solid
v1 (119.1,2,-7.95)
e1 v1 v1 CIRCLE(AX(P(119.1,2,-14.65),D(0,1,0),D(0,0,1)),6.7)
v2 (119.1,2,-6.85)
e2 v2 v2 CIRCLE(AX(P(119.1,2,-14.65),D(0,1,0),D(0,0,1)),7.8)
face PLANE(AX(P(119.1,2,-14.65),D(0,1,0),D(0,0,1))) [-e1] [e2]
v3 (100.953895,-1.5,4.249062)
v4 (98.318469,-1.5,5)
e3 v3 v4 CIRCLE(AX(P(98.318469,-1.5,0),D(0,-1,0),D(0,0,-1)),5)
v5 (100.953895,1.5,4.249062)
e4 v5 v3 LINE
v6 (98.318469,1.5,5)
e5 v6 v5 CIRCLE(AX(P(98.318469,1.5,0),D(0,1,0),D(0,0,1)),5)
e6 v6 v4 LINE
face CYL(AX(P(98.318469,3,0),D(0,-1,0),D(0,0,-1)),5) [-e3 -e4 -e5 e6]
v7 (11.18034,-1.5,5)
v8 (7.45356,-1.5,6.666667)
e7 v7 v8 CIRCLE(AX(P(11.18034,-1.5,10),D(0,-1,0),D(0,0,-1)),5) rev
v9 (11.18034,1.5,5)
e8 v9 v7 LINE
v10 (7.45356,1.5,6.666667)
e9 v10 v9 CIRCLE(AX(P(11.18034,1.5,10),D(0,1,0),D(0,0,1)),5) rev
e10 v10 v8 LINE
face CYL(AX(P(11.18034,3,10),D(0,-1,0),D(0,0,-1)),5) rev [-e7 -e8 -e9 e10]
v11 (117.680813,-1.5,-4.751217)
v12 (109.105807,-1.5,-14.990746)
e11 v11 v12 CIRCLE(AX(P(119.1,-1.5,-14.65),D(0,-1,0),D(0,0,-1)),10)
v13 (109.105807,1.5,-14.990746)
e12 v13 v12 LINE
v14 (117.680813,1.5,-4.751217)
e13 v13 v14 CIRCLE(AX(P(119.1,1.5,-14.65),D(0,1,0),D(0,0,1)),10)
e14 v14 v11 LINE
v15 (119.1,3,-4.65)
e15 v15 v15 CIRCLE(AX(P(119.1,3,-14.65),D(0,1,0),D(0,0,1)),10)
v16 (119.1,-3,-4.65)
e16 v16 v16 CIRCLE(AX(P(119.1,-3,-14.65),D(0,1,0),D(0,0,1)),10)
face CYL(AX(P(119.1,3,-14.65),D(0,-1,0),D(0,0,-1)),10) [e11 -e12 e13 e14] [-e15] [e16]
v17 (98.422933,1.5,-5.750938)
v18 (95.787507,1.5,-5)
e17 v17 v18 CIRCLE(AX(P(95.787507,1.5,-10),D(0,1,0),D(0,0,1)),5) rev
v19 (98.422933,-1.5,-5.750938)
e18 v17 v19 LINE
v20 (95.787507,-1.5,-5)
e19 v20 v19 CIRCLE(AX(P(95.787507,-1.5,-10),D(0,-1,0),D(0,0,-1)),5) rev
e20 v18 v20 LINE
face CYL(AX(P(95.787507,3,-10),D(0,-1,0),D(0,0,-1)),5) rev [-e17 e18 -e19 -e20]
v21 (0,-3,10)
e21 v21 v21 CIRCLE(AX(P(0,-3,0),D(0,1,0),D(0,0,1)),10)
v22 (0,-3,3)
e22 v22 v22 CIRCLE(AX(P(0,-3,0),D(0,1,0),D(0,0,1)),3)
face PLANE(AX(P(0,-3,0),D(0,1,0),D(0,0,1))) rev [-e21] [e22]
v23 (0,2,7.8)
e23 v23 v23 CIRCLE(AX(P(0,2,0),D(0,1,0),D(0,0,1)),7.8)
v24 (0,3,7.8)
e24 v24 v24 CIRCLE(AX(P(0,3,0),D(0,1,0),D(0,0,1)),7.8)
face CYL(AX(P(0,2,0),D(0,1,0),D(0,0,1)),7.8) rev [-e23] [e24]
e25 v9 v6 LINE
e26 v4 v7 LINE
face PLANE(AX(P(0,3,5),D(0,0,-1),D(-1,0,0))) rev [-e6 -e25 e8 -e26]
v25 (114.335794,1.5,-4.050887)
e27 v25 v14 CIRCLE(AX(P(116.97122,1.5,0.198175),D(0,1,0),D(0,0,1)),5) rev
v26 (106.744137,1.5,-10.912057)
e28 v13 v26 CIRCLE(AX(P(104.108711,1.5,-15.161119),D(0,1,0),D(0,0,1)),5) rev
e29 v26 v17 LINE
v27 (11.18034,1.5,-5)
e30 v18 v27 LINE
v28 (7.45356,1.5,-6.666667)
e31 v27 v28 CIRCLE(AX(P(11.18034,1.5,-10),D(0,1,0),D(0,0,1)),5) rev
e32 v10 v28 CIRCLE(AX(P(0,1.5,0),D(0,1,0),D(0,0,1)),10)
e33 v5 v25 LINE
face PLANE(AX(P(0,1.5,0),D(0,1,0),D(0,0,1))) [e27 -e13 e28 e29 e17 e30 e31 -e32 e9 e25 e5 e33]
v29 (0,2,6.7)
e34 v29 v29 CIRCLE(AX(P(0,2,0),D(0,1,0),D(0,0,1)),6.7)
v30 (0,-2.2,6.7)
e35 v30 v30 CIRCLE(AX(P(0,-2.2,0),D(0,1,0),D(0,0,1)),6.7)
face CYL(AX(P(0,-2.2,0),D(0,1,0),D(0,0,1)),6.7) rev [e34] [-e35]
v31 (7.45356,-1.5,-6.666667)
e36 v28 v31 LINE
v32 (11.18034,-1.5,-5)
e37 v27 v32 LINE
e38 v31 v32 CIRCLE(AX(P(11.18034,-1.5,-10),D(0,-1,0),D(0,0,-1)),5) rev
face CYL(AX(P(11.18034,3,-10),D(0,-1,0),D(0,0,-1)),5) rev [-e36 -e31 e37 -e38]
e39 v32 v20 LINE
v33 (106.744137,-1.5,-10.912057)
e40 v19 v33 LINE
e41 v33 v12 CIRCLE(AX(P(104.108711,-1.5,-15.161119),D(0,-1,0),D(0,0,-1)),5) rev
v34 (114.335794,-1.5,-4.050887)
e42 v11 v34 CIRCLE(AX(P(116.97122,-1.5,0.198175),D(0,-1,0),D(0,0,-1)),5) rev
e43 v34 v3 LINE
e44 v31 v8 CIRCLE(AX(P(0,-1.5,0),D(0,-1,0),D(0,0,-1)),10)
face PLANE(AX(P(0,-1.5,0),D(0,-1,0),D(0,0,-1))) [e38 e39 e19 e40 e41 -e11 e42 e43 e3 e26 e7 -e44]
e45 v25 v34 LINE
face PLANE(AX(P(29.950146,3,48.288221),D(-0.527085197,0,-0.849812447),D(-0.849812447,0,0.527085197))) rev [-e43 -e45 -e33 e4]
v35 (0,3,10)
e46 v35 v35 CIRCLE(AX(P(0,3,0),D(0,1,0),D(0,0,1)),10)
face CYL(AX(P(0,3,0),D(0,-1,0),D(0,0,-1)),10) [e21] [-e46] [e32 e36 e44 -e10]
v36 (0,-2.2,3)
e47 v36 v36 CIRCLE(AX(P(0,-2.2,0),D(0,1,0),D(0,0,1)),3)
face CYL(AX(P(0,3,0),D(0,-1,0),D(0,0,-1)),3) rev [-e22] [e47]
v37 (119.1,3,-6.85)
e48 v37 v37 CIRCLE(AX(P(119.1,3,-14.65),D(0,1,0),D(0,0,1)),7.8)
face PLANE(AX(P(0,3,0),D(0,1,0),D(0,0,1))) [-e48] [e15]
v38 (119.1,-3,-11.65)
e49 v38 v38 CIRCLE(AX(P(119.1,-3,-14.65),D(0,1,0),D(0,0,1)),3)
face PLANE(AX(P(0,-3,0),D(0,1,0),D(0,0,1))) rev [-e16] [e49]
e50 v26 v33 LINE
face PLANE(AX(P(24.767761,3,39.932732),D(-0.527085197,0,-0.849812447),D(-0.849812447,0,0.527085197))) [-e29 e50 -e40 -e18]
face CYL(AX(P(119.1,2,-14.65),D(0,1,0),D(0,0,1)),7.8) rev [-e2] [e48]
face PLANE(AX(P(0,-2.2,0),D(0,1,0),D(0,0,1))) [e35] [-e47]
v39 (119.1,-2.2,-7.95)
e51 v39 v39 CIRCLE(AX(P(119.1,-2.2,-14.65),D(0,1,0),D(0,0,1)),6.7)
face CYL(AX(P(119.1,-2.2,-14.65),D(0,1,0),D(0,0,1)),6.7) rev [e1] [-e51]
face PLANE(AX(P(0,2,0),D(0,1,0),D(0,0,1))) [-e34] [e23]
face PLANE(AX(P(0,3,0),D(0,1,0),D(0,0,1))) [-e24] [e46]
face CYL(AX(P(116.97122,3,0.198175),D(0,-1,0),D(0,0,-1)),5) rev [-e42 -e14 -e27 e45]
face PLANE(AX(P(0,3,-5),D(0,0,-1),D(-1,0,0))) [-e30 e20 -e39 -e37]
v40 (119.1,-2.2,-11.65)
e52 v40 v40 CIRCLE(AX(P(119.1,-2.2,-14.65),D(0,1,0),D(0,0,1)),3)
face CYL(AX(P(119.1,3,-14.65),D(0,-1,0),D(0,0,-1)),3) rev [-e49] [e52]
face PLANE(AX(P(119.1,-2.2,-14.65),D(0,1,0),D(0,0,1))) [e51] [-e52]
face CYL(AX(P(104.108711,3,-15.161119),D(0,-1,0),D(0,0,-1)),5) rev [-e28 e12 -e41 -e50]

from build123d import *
from build123d.topology import SkipClean

# Parameters (mm, degrees)
SKETCH1_R           = 7.8
SKETCH1_R_2         = 3
BOSS_EXTRUDE2_DEPTH = 3
SKETCH2_R           = 7.8
CUT_EXTRUDE1_DEPTH  = 1
SKETCH3_R           = 6.7
CUT_EXTRUDE2_DEPTH  = 5.2
CUT_EXTRUDE4_DEPTH  = 1.5
CUT_EXTRUDE5_START  = -1.5
CUT_EXTRUDE5_DEPTH  = 1.5


with BuildPart() as part:
    # Sketch1 → Boss-Extrude2 (new, symmetric)
    # profile 1 of 3: a face of its own
    with BuildSketch(Plane(origin=(0, 0, 0), x_dir=(1, 0, 0), z_dir=(0, 1, 0))):
        with BuildLine():
            ThreePointArc((7.453559925, 6.666666667), (9.139098435, 5.435645354), (11.180339887, 5))
            Line((11.180339887, 5), (95.787507262, 5))
            ThreePointArc((95.787507262, 5), (97.157669446, 5.191397751), (98.422933246, 5.750937765))
            Line((98.422933246, 5.750937765), (106.744136599, 10.912056694))
            ThreePointArc((106.744136599, 10.912056694), (108.435692963, 12.655680094), (109.105807076, 14.990745953))
            ThreePointArc((109.105807076, 14.990745953), (126.766700664, 21.070412832), (117.680813085, 4.751216817))
            ThreePointArc((117.680813085, 4.751216817), (115.946610906, 4.695717028), (114.335793643, 4.050887461))
            Line((114.335793643, 4.050887461), (100.953895224, -4.249062235))
            ThreePointArc((100.953895224, -4.249062235), (99.688631423, -4.808602249), (98.318469239, -5))
            Line((98.318469239, -5), (11.180339887, -5))
            ThreePointArc((11.180339887, -5), (9.139098435, -5.435645354), (7.453559925, -6.666666667))
            ThreePointArc((7.453559925, -6.666666667), (-10, 0), (7.453559925, 6.666666667))
        make_face()
        with Locations((119.1, 14.65)):
            Circle(SKETCH1_R, mode=Mode.SUBTRACT)
        Circle(SKETCH1_R, mode=Mode.SUBTRACT)
    # profile 2 of 3: a face of its own
    with BuildSketch(Plane(origin=(0, 0, 0), x_dir=(1, 0, 0), z_dir=(0, 1, 0))):
        Circle(SKETCH1_R)
        with Locations(Location((0, 0, 0), (0, 0, 270))):
            Circle(SKETCH1_R_2, mode=Mode.SUBTRACT)
    # profile 3 of 3: a face of its own
    with BuildSketch(Plane(origin=(0, 0, 0), x_dir=(1, 0, 0), z_dir=(0, 1, 0))):
        with Locations((119.1, 14.65)):
            Circle(SKETCH1_R)
        with Locations(Location((119.1, 14.65, 0), (0, 0, 270))):
            Circle(SKETCH1_R_2, mode=Mode.SUBTRACT)
    extrude(amount=BOSS_EXTRUDE2_DEPTH, both=True)

    # Sketch2 → Cut-Extrude1 (cut)
    with BuildSketch(Plane(origin=(0, 3, 0), x_dir=(1, 0, 0), z_dir=(0, 1, 0))):
        with Locations(Location((119.1, 14.65, 0), (0, 0, 270))):
            Circle(SKETCH2_R)
        with Locations(Location((0, 0, 0), (0, 0, 270))):
            Circle(SKETCH2_R)
    extrude(amount=-CUT_EXTRUDE1_DEPTH, mode=Mode.SUBTRACT)

    # Sketch3 → Cut-Extrude2 (cut)
    with BuildSketch(Plane(origin=(0, 3, 0), x_dir=(1, 0, 0), z_dir=(0, 1, 0))):
        with Locations(Location((0, 0, 0), (0, 0, 270))):
            Circle(SKETCH3_R)
        with Locations(Location((119.1, 14.65, 0), (0, 0, 270))):
            Circle(SKETCH3_R)
    extrude(amount=-CUT_EXTRUDE2_DEPTH, mode=Mode.SUBTRACT)

    # Sketch4 → Cut-Extrude4 (cut)
    with BuildSketch(Plane(origin=(0, 3, 0), x_dir=(1, 0, 0), z_dir=(0, 1, 0))):
        with BuildLine():
            Line((106.744136599, 10.912056694), (98.422933246, 5.750937765))
            ThreePointArc((98.422933246, 5.750937765), (97.157669446, 5.191397751), (95.787507262, 5))
            Line((95.787507262, 5), (11.180339887, 5))
            ThreePointArc((11.180339887, 5), (9.139098435, 5.435645354), (7.453559925, 6.666666667))
            ThreePointArc((7.453559925, 6.666666667), (9.34172359, 3.568220898), (10, 0))
            ThreePointArc((10, 0), (9.34172359, -3.568220898), (7.453559925, -6.666666667))
            ThreePointArc((7.453559925, -6.666666667), (9.139098435, -5.435645354), (11.180339887, -5))
            Line((11.180339887, -5), (98.318469239, -5))
            ThreePointArc((98.318469239, -5), (99.688631423, -4.808602249), (100.953895224, -4.249062235))
            Line((100.953895224, -4.249062235), (114.335793643, 4.050887461))
            ThreePointArc((114.335793643, 4.050887461), (115.946610906, 4.695717028), (117.680813085, 4.751216817))
            ThreePointArc((117.680813085, 4.751216817), (111.433299336, 8.229587168), (109.105807076, 14.990745953))
            ThreePointArc((109.105807076, 14.990745953), (108.435692963, 12.655680094), (106.744136599, 10.912056694))
        make_face()
    extrude(amount=-CUT_EXTRUDE4_DEPTH, mode=Mode.SUBTRACT)

    # Sketch5 → Cut-Extrude5 (cut)
    with SkipClean():  # the faces are left unmerged after this step: merging them gives an invalid solid
        with BuildSketch(Plane.XZ.offset(3).offset(CUT_EXTRUDE5_START)):
            with BuildLine():
                ThreePointArc((7.453559925, 6.666666667), (9.34172359, 3.568220898), (10, 0))
                ThreePointArc((10, 0), (9.34172359, -3.568220898), (7.453559925, -6.666666667))
                ThreePointArc((7.453559925, -6.666666667), (9.139098435, -5.435645354), (11.180339887, -5))
                Line((11.180339887, -5), (95.787507262, -5))
                ThreePointArc((95.787507262, -5), (97.157669446, -5.191397751), (98.422933246, -5.750937765))
                Line((98.422933246, -5.750937765), (106.744136599, -10.912056694))
                ThreePointArc((106.744136599, -10.912056694), (108.435692963, -12.655680094), (109.105807076, -14.990745953))
                ThreePointArc((109.105807076, -14.990745953), (111.433299336, -8.229587168), (117.680813085, -4.751216817))
                ThreePointArc((117.680813085, -4.751216817), (115.946610906, -4.695717028), (114.335793643, -4.050887461))
                Line((114.335793643, -4.050887461), (100.953895224, 4.249062235))
                ThreePointArc((100.953895224, 4.249062235), (99.688631423, 4.808602249), (98.318469239, 5))
                Line((98.318469239, 5), (11.180339887, 5))
                ThreePointArc((11.180339887, 5), (9.139098435, 5.435645354), (7.453559925, 6.666666667))
            make_face()
        extrude(amount=CUT_EXTRUDE5_DEPTH, mode=Mode.SUBTRACT)


solid = part.part
